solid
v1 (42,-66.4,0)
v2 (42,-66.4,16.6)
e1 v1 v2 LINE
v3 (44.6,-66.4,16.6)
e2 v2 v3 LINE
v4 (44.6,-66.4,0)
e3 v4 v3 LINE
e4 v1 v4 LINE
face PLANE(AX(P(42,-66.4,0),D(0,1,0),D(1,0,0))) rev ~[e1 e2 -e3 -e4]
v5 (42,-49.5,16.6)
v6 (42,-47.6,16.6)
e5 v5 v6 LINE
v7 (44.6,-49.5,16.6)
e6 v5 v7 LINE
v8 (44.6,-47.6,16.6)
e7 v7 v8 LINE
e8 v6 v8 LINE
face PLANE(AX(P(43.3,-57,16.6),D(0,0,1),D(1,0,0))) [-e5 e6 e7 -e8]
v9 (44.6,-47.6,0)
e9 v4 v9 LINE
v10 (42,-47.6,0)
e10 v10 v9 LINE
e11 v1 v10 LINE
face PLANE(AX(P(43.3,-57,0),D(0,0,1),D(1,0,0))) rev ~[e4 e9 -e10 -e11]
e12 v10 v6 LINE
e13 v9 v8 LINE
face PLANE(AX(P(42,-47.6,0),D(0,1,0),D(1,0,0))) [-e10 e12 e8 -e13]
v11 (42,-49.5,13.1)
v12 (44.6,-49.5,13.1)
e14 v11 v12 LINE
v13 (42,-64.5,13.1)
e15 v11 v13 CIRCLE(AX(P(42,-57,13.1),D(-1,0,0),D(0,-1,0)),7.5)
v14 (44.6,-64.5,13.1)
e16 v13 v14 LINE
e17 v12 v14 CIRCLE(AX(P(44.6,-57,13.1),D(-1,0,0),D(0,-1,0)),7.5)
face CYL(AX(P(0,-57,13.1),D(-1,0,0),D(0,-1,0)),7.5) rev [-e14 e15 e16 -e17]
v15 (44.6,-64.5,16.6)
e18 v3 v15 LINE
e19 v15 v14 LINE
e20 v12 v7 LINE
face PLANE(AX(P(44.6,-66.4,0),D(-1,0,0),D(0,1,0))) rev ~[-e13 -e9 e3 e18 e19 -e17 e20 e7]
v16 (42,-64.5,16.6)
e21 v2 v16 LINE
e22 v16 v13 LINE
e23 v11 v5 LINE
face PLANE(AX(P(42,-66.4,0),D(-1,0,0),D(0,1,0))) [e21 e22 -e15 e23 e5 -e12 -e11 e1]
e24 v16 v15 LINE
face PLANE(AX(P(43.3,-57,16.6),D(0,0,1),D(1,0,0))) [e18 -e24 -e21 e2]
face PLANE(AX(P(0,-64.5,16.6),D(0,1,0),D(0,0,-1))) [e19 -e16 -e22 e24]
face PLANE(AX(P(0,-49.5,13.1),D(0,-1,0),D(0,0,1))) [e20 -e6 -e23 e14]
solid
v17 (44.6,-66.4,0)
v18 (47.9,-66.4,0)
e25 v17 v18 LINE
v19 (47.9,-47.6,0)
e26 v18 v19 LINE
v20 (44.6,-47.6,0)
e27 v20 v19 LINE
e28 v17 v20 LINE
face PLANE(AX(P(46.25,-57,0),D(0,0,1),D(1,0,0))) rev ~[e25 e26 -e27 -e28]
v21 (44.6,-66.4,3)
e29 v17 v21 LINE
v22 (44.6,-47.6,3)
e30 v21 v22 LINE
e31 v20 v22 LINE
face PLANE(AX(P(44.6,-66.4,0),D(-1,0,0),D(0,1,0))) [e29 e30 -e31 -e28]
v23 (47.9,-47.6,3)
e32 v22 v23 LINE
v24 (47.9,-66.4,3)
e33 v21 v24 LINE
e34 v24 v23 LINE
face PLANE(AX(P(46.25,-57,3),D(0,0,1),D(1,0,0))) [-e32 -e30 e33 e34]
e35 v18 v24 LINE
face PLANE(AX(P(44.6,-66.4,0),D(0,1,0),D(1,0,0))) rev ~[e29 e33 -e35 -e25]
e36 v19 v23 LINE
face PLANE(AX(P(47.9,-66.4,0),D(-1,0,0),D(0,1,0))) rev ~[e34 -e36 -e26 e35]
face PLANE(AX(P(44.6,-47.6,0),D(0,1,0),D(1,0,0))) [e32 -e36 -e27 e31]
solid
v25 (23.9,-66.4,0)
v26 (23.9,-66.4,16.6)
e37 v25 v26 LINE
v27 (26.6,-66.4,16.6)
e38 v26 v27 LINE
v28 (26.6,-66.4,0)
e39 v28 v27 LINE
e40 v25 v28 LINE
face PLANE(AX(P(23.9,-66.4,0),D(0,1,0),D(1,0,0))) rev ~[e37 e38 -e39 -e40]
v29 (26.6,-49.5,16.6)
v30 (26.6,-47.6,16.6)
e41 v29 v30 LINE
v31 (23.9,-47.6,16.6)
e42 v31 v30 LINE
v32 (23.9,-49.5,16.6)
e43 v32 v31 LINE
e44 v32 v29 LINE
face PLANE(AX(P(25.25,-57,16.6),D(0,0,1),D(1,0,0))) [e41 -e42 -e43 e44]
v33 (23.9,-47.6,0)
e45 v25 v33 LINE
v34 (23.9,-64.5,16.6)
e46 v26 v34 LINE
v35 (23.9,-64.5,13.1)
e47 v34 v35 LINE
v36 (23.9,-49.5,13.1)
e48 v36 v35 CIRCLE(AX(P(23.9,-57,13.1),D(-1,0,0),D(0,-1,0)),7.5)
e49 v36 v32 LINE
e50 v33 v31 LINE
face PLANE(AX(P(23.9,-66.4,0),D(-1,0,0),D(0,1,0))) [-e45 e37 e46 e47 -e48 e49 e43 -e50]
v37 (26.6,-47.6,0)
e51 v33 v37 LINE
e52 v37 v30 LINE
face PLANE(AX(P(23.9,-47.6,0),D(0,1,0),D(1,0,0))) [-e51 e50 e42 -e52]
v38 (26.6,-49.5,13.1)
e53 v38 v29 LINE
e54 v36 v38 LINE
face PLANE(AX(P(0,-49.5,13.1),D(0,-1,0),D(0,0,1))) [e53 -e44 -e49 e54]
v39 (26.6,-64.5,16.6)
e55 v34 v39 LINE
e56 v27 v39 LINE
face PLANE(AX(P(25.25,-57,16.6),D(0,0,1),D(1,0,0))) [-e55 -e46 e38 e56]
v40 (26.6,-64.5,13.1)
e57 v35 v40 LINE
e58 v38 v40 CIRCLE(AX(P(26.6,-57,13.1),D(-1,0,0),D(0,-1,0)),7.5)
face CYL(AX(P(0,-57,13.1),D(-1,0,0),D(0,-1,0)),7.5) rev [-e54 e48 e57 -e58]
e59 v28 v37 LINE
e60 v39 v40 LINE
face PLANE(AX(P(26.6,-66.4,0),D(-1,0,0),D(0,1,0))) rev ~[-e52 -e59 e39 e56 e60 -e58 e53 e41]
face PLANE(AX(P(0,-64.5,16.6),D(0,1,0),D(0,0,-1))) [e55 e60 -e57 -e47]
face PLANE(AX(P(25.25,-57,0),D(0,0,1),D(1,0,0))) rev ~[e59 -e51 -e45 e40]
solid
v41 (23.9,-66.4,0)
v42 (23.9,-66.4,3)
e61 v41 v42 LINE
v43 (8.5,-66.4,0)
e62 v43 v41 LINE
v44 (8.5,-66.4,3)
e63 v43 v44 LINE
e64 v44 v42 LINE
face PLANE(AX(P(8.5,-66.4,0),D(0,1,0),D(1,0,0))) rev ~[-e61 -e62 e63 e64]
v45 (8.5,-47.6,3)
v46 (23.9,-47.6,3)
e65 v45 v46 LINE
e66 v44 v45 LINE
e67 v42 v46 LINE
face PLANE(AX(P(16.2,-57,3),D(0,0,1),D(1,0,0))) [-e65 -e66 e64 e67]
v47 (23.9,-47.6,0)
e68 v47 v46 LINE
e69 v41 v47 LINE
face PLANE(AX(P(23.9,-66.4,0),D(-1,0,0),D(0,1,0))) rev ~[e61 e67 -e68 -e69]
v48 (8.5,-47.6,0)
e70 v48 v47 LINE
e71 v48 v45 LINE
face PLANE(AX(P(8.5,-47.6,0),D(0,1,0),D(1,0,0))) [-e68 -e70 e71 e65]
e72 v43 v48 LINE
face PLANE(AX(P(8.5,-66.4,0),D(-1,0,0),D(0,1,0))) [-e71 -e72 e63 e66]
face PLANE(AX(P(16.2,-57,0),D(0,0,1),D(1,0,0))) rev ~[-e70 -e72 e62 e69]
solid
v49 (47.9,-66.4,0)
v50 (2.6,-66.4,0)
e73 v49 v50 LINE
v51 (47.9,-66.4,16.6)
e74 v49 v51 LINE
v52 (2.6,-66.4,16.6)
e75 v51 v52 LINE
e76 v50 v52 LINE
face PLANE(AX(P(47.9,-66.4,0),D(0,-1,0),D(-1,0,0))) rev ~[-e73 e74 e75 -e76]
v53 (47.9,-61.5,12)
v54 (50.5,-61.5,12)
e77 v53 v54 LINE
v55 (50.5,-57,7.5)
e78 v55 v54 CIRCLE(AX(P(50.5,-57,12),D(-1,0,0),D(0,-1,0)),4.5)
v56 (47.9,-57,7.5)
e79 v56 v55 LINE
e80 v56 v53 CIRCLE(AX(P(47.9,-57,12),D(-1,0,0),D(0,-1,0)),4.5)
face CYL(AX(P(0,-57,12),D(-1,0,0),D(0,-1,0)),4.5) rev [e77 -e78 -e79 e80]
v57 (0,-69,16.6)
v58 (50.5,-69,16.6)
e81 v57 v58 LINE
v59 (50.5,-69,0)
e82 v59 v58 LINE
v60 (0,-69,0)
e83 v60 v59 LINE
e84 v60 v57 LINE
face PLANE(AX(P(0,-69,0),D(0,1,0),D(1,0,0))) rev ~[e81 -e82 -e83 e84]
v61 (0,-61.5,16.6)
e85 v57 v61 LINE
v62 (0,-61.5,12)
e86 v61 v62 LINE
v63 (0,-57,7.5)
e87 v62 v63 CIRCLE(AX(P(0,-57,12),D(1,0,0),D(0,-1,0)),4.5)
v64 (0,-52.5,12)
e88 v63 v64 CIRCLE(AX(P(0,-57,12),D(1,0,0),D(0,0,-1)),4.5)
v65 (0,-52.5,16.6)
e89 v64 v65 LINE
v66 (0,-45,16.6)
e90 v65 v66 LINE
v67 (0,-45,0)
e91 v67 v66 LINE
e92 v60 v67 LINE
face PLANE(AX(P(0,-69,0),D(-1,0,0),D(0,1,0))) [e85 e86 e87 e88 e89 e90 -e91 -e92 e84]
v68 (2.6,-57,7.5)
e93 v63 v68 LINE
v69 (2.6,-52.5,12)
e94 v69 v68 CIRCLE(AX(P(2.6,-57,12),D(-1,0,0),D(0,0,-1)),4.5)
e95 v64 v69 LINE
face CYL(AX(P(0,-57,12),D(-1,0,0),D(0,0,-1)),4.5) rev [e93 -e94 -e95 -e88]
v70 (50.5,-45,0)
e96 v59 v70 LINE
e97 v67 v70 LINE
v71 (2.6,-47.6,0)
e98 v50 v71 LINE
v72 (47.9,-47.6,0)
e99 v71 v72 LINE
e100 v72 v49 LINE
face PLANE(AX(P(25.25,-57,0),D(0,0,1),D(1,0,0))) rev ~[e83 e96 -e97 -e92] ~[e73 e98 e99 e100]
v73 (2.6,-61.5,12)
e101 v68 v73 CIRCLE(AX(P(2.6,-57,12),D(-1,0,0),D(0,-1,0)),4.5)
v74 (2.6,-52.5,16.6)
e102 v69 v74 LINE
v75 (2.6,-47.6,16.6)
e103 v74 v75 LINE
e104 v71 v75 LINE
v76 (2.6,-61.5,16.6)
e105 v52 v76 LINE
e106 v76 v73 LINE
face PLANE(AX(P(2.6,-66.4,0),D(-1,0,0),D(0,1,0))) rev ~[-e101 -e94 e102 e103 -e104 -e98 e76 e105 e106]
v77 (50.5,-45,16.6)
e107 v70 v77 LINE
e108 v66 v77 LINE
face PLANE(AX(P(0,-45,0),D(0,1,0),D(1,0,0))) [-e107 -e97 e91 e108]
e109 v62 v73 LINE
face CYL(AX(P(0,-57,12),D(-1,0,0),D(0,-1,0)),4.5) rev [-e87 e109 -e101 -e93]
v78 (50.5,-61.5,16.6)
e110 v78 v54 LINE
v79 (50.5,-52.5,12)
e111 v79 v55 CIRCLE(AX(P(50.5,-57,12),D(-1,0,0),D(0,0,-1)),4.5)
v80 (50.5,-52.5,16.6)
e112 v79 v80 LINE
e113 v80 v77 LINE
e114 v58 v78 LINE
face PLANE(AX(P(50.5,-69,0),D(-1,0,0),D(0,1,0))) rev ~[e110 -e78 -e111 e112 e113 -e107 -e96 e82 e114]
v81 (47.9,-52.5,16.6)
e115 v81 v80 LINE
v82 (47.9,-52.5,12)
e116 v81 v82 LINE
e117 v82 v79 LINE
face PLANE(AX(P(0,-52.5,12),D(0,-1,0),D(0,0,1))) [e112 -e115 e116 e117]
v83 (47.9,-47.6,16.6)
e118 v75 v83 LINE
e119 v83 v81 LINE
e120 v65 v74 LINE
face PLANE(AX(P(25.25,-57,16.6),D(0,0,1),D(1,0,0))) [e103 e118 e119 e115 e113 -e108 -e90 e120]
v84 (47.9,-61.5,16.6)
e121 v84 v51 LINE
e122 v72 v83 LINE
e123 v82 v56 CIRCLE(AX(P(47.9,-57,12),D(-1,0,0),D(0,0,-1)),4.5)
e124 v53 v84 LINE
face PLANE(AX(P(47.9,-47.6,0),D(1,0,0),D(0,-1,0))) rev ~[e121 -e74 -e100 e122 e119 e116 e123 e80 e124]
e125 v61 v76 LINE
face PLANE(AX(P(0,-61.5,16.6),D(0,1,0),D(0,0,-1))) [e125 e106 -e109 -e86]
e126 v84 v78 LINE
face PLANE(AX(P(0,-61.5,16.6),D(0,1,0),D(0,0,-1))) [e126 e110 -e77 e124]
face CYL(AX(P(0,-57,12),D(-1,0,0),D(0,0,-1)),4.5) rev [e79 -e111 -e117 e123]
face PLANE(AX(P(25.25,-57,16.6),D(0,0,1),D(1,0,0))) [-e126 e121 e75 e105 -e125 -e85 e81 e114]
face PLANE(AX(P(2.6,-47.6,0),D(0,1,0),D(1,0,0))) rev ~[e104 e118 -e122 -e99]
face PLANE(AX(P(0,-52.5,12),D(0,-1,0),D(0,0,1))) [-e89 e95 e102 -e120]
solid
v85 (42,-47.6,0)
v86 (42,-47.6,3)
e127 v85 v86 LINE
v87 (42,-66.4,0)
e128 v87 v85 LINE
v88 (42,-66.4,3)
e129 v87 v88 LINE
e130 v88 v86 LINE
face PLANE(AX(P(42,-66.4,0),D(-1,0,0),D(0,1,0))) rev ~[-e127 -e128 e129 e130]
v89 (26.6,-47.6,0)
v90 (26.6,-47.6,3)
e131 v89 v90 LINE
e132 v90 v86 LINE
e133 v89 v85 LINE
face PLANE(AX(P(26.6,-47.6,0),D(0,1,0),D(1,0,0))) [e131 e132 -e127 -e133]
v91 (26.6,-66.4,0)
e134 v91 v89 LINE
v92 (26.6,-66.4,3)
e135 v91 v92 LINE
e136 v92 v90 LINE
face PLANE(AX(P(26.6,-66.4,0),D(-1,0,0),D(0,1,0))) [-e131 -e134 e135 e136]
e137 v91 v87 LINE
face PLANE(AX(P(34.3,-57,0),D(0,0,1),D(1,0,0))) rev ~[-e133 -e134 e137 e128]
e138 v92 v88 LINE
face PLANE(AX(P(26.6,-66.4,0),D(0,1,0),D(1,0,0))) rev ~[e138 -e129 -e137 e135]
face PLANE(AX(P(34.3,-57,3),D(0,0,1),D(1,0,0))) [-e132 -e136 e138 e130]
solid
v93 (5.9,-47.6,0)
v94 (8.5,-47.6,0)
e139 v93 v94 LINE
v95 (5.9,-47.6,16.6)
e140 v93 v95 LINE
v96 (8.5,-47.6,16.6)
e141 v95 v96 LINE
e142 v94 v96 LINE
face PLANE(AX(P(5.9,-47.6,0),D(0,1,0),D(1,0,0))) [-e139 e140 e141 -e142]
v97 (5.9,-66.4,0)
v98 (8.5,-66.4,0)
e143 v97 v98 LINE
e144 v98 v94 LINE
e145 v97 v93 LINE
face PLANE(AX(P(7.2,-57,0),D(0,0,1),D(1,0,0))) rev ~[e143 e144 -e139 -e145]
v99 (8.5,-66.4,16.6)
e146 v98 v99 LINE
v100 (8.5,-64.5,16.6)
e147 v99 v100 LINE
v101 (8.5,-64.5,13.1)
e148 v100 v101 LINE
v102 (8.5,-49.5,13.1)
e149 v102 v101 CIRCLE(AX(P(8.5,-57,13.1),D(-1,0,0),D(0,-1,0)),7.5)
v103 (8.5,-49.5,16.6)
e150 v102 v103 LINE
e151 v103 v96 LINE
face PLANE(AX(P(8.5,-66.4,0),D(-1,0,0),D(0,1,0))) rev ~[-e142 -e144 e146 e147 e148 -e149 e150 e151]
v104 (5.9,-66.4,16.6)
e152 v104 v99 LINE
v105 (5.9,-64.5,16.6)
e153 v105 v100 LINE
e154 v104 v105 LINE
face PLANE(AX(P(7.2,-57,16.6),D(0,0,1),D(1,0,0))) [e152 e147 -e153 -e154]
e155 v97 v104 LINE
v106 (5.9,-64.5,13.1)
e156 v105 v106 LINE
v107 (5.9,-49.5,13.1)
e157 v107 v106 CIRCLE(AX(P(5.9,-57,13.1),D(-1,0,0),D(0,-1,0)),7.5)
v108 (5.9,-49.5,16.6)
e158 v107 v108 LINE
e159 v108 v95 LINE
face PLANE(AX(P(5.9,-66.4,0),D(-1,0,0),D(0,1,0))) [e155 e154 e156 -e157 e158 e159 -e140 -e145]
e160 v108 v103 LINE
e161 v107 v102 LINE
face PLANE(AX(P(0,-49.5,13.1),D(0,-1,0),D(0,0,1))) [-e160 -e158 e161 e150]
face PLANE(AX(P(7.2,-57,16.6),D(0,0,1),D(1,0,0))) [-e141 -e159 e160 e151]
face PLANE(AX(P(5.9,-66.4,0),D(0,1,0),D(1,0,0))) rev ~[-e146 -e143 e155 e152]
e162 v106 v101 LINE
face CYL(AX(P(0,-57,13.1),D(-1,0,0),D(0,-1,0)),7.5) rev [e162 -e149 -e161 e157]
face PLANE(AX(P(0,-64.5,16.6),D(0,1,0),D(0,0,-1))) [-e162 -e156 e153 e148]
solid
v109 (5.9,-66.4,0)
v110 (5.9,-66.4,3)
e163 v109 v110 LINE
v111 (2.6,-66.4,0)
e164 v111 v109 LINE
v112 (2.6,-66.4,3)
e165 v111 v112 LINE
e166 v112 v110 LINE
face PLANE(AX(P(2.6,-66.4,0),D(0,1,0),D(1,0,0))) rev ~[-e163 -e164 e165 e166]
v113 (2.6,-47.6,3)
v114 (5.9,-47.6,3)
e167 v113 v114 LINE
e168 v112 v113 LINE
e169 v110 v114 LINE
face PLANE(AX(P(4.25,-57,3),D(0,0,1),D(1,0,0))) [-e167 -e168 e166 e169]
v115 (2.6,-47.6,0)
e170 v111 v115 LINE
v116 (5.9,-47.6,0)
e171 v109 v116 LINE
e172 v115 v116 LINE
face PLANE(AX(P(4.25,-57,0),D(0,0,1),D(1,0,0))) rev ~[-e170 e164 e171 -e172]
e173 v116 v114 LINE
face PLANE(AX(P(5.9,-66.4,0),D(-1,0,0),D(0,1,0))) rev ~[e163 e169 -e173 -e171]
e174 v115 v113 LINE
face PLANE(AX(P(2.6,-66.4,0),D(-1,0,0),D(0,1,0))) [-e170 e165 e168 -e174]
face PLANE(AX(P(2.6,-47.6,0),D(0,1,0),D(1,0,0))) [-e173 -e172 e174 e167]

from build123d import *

# Parameters (mm, degrees)
F0_W     = 3.3
F0_H     = 18.8
F1_DEPTH = 3
F0_W_2   = 15.4
F0_W_3   = 2.6
F2_DEPTH = 16.6
F0_W_4   = 2.7
F4_DEPTH = 47.901
F0_W_5   = 50.5
F0_H_2   = 24
F5_DEPTH = 16.6
F6_DEPTH = 50.501


with BuildPart() as f1:
    # F0 (on Top) → F1 (new body)
    with BuildSketch(Plane.XY):
        with Locations((4.25, -57)):
            Rectangle(F0_W, F0_H)
    extrude(amount=F1_DEPTH)


with BuildPart() as f1b:
    # F0 (on Top) → F1, piece 2 (new body)
    with BuildSketch(Plane.XY):
        with Locations((16.2, -57)):
            Rectangle(F0_W_2, F0_H)
    extrude(amount=F1_DEPTH)


with BuildPart() as f1c:
    # F0 (on Top) → F1, piece 3 (new body)
    with BuildSketch(Plane.XY):
        with Locations((34.3, -57)):
            Rectangle(F0_W_2, F0_H)
    extrude(amount=F1_DEPTH)


with BuildPart() as f1d:
    # F0 (on Top) → F1, piece 4 (new body)
    with BuildSketch(Plane.XY):
        with Locations((46.25, -57)):
            Rectangle(F0_W, F0_H)
    extrude(amount=F1_DEPTH)


with BuildPart() as f2:
    # F0 (on Top) → F2 (new body)
    with BuildSketch(Plane.XY):
        with Locations((43.3, -57)):
            Rectangle(F0_W_3, F0_H)
    extrude(amount=F2_DEPTH)


with BuildPart() as f2b:
    # F0 (on Top) → F2, piece 2 (new body)
    with BuildSketch(Plane.XY):
        with Locations((25.25, -57)):
            Rectangle(F0_W_4, F0_H)
    extrude(amount=F2_DEPTH)


with BuildPart() as f2c:
    # F0 (on Top) → F2, piece 3 (new body)
    with BuildSketch(Plane.XY):
        with Locations((7.2, -57)):
            Rectangle(F0_W_3, F0_H)
    extrude(amount=F2_DEPTH)


with BuildPart() as f4_tool:
    # F3 (on Right) → F4 (new body, through all)
    with BuildSketch(Plane.YZ):
        with BuildLine():
            Line((-64.5, 16.6), (-64.5, 13.1))
            ThreePointArc((-64.5, 13.1), (-64.2800883187, 14.9028627436), (-63.6332495807, 16.6))
            Line((-63.6332495807, 16.6), (-64.5, 16.6))
        make_face()
        with BuildLine():
            ThreePointArc((-64.5, 13.1), (-62.3033008589, 7.7966991411), (-57, 5.6))
            Line((-57, 5.6), (-57, 7.5))
            ThreePointArc((-57, 7.5), (-60.1819805153, 8.8180194847), (-61.5, 12))
            Line((-61.5, 12), (-61.5, 16.6))
            Line((-61.5, 16.6), (-63.6332495807, 16.6))
            ThreePointArc((-63.6332495807, 16.6), (-64.2800883187, 14.9028627436), (-64.5, 13.1))
        make_face()
        with BuildLine():
            Line((-57, 7.5), (-57, 5.6))
            ThreePointArc((-57, 5.6), (-51.6966991411, 7.7966991411), (-49.5, 13.1))
            ThreePointArc((-49.5, 13.1), (-49.7199116813, 14.9028627436), (-50.3667504193, 16.6))
            Line((-50.3667504193, 16.6), (-52.5, 16.6))
            Line((-52.5, 16.6), (-52.5, 12))
            ThreePointArc((-52.5, 12), (-53.8180194847, 8.8180194847), (-57, 7.5))
        make_face()
        with BuildLine():
            Line((-49.5, 13.1), (-49.5, 16.6))
            Line((-49.5, 16.6), (-50.3667504193, 16.6))
            ThreePointArc((-50.3667504193, 16.6), (-49.7199116813, 14.9028627436), (-49.5, 13.1))
        make_face()
        with BuildLine():
            ThreePointArc((-61.5, 12), (-60.1819805153, 15.1819805153), (-57, 16.5))
            Line((-57, 16.5), (-57, 16.6))
            Line((-57, 16.6), (-61.5, 16.6))
            Line((-61.5, 16.6), (-61.5, 12))
        make_face()
        with BuildLine():
            ThreePointArc((-61.5, 12), (-60.1819805153, 8.8180194847), (-57, 7.5))
            Line((-57, 7.5), (-57, 16.5))
            ThreePointArc((-57, 16.5), (-60.1819805153, 15.1819805153), (-61.5, 12))
        make_face()
        with BuildLine():
            Line((-57, 16.5), (-57, 7.5))
            ThreePointArc((-57, 7.5), (-53.8180194847, 8.8180194847), (-52.5, 12))
            ThreePointArc((-52.5, 12), (-53.8180194847, 15.1819805153), (-57, 16.5))
        make_face()
        with BuildLine():
            Line((-57, 16.6), (-57, 16.5))
            ThreePointArc((-57, 16.5), (-53.8180194847, 15.1819805153), (-52.5, 12))
            Line((-52.5, 12), (-52.5, 16.6))
            Line((-52.5, 16.6), (-57, 16.6))
        make_face()
    extrude(amount=F4_DEPTH)


with BuildPart() as f2_1:
    add(f2.part)

    # F4: cut by f4_tool
    add(f4_tool.part, mode=Mode.SUBTRACT)


with BuildPart() as f2b_1:
    add(f2b.part)

    # F4: cut by f4_tool
    add(f4_tool.part, mode=Mode.SUBTRACT)


with BuildPart() as f2c_1:
    add(f2c.part)

    # F4: cut by f4_tool
    add(f4_tool.part, mode=Mode.SUBTRACT)


with BuildPart() as f5:
    # F0 (on Top) → F5 (new body)
    with BuildSketch(Plane.XY):
        with Locations((25.25, -57)):
            Rectangle(F0_W_5, F0_H_2)
        Polygon((2.6, -66.4), (2.6, -47.6), (5.9, -47.6), (8.5, -47.6), (23.9, -47.6), (26.6, -47.6), (42, -47.6), (44.6, -47.6), (47.9, -47.6), (47.9, -66.4), (44.6, -66.4), (42, -66.4), (26.6, -66.4), (23.9, -66.4), (8.5, -66.4), (5.9, -66.4), align=None, mode=Mode.SUBTRACT)
    extrude(amount=F5_DEPTH)

    # F3 (on Right) → F6 (cut, through all)
    with BuildSketch(Plane.YZ):
        with BuildLine():
            ThreePointArc((-61.5, 12), (-60.1819805153, 15.1819805153), (-57, 16.5))
            Line((-57, 16.5), (-57, 16.6))
            Line((-57, 16.6), (-61.5, 16.6))
            Line((-61.5, 16.6), (-61.5, 12))
        make_face()
        with BuildLine():
            ThreePointArc((-61.5, 12), (-60.1819805153, 8.8180194847), (-57, 7.5))
            Line((-57, 7.5), (-57, 16.5))
            ThreePointArc((-57, 16.5), (-60.1819805153, 15.1819805153), (-61.5, 12))
        make_face()
        with BuildLine():
            Line((-57, 16.5), (-57, 7.5))
            ThreePointArc((-57, 7.5), (-53.8180194847, 8.8180194847), (-52.5, 12))
            ThreePointArc((-52.5, 12), (-53.8180194847, 15.1819805153), (-57, 16.5))
        make_face()
        with BuildLine():
            Line((-57, 16.6), (-57, 16.5))
            ThreePointArc((-57, 16.5), (-53.8180194847, 15.1819805153), (-52.5, 12))
            Line((-52.5, 12), (-52.5, 16.6))
            Line((-52.5, 16.6), (-57, 16.6))
        make_face()
    extrude(amount=F6_DEPTH, mode=Mode.SUBTRACT)


solid = Compound([f1.part, f1b.part, f1c.part, f1d.part, f2_1.part, f2b_1.part, f2c_1.part, f5.part])
